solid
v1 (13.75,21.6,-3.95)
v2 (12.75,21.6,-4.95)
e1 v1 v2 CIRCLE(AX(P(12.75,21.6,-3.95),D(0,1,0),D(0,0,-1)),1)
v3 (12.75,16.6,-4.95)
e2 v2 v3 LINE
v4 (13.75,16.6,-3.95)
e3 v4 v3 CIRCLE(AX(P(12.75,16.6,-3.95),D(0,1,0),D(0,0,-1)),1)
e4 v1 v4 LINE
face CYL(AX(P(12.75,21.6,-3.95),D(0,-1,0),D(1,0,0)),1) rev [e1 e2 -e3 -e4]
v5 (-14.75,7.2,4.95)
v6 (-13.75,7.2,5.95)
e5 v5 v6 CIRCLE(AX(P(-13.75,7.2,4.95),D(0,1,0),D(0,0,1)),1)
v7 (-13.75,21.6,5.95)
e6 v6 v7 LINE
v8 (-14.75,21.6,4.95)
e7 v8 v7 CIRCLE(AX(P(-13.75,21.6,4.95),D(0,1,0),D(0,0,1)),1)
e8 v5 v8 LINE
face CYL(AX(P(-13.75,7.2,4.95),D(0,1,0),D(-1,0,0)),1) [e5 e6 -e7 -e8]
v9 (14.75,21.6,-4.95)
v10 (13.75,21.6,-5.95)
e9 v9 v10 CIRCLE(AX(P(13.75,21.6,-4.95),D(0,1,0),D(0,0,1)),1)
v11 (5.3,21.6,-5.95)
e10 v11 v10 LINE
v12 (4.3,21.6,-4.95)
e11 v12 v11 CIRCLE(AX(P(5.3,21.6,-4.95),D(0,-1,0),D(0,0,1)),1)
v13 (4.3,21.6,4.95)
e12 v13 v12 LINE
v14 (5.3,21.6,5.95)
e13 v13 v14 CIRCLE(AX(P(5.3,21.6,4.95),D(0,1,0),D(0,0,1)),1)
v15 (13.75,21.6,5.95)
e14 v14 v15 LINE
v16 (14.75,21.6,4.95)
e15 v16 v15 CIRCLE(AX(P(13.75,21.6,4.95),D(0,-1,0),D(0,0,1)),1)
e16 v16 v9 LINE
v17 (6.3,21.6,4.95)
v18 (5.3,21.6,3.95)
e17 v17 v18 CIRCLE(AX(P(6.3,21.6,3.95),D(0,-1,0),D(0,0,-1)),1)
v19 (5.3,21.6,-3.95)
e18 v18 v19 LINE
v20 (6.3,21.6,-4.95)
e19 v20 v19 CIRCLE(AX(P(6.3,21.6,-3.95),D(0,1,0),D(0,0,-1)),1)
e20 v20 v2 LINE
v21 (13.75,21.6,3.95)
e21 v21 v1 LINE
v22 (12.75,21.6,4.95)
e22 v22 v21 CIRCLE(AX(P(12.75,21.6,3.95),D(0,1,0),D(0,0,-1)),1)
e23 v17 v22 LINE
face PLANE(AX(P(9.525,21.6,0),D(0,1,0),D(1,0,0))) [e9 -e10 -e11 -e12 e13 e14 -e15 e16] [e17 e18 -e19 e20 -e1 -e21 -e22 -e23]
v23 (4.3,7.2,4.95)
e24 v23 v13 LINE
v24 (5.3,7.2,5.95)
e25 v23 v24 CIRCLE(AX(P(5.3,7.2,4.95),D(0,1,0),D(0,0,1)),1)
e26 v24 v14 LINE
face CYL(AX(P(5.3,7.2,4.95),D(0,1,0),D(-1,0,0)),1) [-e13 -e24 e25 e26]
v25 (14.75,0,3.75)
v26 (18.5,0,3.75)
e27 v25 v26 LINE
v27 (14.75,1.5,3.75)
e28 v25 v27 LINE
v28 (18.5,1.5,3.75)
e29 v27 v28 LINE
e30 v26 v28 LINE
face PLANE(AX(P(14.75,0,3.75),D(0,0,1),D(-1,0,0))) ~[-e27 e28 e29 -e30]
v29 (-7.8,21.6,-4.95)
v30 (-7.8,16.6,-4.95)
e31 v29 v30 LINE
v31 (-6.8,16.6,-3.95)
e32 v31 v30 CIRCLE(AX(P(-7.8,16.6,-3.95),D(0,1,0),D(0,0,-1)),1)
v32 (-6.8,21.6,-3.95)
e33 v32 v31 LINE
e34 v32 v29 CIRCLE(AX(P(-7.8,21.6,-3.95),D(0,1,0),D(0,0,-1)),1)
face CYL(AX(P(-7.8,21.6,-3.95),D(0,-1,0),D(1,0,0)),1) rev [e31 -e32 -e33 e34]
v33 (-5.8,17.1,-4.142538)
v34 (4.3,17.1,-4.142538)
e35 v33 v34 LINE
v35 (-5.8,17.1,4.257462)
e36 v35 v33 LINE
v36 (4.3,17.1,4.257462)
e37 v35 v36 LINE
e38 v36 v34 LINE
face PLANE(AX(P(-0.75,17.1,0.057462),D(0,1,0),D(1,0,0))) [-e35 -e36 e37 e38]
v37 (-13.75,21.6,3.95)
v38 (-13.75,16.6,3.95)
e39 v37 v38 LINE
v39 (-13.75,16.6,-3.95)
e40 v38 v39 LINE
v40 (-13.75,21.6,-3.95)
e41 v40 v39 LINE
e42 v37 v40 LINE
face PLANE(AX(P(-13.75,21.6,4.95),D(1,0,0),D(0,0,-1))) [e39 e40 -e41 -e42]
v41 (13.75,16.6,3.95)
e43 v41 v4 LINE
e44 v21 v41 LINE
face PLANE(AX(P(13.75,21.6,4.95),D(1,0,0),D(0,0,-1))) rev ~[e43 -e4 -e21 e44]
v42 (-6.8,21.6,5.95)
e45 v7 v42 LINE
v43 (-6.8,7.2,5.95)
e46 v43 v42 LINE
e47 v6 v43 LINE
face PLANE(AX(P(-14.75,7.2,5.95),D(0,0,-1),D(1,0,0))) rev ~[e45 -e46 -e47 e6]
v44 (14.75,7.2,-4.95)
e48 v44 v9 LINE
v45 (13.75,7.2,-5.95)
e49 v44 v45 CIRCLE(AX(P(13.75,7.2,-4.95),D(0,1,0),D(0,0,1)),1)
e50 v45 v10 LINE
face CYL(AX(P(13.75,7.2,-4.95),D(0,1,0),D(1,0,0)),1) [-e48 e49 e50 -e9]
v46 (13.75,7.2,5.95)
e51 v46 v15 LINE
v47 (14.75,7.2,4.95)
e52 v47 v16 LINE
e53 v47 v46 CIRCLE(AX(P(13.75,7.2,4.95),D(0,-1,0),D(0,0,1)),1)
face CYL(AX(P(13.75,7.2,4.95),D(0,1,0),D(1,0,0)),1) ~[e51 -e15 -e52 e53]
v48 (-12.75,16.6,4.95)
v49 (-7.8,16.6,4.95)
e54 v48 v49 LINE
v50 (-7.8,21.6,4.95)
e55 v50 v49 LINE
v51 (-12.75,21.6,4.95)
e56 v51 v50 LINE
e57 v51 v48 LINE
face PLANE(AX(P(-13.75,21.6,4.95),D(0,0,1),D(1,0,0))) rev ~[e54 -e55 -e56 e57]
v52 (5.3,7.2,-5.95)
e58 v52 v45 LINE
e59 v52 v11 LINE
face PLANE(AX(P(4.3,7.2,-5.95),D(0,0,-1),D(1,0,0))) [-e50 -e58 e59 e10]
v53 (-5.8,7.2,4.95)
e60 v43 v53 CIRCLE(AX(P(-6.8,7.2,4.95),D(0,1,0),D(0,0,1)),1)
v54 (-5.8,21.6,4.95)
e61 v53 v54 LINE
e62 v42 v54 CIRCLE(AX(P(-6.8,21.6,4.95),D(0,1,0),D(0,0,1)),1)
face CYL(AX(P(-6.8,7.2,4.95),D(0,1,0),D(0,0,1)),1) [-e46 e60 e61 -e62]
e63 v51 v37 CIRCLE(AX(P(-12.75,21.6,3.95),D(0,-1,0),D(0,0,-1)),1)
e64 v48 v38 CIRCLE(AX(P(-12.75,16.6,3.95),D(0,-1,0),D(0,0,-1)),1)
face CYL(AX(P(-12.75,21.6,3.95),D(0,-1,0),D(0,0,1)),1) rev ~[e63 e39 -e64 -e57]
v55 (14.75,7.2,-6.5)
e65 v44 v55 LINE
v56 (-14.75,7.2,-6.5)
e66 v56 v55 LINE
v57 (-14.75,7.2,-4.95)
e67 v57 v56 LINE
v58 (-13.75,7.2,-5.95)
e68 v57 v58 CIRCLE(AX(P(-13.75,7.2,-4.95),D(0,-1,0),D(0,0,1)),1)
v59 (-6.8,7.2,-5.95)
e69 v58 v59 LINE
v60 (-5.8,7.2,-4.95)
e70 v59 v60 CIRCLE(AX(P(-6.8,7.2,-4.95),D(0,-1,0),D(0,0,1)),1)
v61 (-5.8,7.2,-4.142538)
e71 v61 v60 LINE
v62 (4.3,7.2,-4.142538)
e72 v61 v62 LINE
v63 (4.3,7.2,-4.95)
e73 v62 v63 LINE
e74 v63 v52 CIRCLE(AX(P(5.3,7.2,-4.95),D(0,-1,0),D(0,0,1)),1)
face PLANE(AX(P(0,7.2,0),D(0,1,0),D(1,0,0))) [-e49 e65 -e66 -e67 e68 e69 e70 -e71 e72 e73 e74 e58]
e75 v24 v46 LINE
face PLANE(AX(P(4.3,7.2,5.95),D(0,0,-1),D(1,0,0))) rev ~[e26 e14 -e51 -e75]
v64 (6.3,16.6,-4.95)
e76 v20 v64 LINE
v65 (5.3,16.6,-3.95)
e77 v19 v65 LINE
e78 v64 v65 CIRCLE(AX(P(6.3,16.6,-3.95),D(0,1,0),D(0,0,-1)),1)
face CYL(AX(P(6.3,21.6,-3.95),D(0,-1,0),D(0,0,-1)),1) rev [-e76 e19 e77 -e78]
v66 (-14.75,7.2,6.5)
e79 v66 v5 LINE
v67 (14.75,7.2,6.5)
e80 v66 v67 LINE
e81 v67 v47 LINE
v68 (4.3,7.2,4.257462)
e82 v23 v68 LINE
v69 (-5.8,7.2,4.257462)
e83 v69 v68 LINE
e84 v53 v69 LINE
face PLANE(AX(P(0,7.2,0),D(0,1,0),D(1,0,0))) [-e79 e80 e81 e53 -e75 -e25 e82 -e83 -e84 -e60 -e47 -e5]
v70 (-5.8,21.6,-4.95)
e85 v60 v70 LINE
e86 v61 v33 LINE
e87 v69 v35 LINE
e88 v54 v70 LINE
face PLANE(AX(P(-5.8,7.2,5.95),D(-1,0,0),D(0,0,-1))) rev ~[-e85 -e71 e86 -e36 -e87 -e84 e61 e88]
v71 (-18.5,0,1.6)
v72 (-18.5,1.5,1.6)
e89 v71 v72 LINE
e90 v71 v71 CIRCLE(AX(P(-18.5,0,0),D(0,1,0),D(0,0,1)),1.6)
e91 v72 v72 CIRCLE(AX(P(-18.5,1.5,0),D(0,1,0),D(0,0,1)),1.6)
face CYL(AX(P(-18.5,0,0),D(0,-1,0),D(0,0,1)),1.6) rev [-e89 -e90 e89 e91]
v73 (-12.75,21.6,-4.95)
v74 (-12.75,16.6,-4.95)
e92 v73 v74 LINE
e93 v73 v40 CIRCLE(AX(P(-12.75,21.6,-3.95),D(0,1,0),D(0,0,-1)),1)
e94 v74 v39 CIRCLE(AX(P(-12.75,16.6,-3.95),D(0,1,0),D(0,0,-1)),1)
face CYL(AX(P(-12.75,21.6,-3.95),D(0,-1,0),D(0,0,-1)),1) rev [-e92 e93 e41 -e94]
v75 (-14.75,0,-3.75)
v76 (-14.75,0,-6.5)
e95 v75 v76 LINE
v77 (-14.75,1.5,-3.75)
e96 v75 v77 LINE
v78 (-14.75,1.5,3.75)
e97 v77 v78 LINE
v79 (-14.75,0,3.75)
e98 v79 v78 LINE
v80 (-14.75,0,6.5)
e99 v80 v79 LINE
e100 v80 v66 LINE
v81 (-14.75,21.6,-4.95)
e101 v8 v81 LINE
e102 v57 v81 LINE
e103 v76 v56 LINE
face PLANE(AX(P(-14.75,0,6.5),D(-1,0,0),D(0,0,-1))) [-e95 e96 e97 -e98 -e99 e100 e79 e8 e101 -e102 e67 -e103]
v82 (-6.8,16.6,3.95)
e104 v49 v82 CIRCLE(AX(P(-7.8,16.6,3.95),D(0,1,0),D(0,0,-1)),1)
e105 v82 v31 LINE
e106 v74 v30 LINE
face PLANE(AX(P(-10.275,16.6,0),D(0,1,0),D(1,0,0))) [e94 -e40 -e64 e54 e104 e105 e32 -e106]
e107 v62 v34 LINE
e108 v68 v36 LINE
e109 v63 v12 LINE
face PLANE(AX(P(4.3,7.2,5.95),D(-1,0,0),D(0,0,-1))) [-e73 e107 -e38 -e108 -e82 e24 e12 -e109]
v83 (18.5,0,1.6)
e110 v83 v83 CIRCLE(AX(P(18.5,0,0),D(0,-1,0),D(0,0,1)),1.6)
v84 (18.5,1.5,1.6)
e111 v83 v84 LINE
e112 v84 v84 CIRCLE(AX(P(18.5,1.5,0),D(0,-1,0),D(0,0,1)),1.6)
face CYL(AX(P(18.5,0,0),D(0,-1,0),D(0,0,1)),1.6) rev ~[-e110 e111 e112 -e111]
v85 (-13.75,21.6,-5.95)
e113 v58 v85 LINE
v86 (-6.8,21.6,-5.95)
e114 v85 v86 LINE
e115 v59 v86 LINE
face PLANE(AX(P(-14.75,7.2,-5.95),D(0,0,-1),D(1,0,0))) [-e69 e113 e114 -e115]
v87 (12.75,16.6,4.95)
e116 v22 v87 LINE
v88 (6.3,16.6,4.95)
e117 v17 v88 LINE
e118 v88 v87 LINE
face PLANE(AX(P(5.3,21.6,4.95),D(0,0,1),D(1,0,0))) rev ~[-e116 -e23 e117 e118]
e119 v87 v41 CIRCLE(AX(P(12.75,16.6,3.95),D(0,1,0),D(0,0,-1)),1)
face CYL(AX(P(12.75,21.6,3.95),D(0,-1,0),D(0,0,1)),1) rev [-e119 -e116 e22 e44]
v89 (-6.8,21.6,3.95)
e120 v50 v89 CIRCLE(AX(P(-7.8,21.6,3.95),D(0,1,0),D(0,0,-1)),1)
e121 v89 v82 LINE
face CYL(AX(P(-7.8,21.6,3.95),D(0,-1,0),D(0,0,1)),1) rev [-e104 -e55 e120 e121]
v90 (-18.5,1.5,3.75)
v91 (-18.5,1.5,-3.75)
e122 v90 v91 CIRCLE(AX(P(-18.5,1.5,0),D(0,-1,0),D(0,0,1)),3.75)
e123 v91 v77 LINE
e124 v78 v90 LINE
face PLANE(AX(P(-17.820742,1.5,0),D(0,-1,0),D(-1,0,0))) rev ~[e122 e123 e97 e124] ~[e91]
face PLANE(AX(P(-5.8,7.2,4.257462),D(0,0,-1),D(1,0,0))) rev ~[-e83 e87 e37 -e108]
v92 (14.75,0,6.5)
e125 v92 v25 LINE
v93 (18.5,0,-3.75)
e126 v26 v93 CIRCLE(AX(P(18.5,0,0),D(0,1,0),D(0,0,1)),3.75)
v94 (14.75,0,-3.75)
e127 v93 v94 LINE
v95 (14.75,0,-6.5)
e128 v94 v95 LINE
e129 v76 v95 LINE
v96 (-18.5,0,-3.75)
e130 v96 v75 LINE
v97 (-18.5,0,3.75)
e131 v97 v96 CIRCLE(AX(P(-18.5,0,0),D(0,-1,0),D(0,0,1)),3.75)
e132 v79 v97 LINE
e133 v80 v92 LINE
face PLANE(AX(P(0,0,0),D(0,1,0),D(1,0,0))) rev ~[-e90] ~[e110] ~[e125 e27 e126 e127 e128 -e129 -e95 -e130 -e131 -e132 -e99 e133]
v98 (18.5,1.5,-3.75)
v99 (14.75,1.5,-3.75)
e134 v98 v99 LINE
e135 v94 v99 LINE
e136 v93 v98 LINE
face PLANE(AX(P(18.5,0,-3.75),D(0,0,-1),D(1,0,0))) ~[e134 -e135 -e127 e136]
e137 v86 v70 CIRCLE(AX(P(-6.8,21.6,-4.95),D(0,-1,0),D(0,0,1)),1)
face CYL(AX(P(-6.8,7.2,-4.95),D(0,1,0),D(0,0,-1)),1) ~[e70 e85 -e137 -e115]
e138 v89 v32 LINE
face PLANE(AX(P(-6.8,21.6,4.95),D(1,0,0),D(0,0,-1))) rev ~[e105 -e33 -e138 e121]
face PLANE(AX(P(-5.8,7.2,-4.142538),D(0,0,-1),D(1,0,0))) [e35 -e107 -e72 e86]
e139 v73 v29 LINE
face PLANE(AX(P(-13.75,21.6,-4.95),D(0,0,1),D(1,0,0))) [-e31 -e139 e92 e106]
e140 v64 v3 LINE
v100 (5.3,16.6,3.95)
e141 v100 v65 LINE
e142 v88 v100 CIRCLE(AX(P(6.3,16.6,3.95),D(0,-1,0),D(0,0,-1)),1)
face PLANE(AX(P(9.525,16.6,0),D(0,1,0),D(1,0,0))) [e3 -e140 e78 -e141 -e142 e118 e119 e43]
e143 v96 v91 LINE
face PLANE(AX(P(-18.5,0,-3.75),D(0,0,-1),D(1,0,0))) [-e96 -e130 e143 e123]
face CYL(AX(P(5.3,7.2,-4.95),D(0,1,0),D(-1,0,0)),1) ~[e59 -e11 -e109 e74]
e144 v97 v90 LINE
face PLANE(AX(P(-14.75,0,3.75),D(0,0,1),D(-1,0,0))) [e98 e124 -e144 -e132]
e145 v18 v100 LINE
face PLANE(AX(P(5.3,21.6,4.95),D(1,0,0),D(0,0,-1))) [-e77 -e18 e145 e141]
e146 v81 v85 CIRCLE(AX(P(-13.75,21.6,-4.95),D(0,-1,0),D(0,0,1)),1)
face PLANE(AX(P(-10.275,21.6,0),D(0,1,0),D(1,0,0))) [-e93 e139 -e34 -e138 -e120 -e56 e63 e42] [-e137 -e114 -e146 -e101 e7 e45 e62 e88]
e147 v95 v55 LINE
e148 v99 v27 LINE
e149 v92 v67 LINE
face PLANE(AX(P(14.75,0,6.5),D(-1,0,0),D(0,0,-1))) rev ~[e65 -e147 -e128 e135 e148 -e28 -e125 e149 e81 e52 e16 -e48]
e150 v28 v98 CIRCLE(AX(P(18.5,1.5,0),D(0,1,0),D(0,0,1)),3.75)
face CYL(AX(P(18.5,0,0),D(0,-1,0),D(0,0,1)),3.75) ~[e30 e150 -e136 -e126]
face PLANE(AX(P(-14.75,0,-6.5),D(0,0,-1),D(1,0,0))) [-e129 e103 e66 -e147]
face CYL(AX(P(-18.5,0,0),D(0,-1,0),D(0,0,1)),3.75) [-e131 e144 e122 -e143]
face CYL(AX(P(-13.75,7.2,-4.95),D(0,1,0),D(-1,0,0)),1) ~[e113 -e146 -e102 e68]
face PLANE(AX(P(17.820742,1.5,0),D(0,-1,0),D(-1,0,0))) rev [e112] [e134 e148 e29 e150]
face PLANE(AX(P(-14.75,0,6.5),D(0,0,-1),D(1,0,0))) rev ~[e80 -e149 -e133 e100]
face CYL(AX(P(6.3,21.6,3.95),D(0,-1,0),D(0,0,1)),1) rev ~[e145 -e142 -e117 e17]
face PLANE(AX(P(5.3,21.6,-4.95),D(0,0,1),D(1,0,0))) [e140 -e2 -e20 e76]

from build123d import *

# Parameters (mm, degrees)
SKETCH3_W           = 29.5
SKETCH3_H           = 13
BOSS_EXTRUDE2_DEPTH = 7.2
SKETCH5_R           = 1.6
BOSS_EXTRUDE3_DEPTH = 1.5
SKETCH9_W           = 8.95
SKETCH9_H           = 11.9
SKETCH9_W_2         = 10.45
BOSS_EXTRUDE4_DEPTH = 14.4
SKETCH10_W          = 10.1
SKETCH10_H          = 8.4
BOSS_EXTRUDE5_DEPTH = 9.9
SKETCH11_W          = 6.95
SKETCH11_H          = 9.9
SKETCH11_W_2        = 8.45
CUT_EXTRUDE2_DEPTH  = 5
FILLET2_R           = 1


with BuildPart() as part:
    # Sketch3 → Boss-Extrude2 (new body)
    with BuildSketch(Plane(origin=(0, 0, 0), x_dir=(1, 0, 0), z_dir=(0, 1, 0))):
        Rectangle(SKETCH3_W, SKETCH3_H)
    extrude(amount=BOSS_EXTRUDE2_DEPTH)

    # Sketch5 → Boss-Extrude3 (add)
    with BuildSketch(Plane(origin=(0, 0, 0), x_dir=(1, 0, 0), z_dir=(0, 1, 0))):
        with BuildLine():
            Line((-18.5, 3.75), (-14.75, 3.75))
            Line((-14.75, 3.75), (-14.75, -3.75))
            Line((-14.75, -3.75), (-18.5, -3.75))
            ThreePointArc((-18.5, -3.75), (-22.25, 0), (-18.5, 3.75))
        make_face()
        with Locations(Location((-18.5, 0, 0), (0, 0, 270))):
            Circle(SKETCH5_R, mode=Mode.SUBTRACT)
    boss_extrude3 = extrude(amount=BOSS_EXTRUDE3_DEPTH)

    # Mirror1: Boss-Extrude3 across plane
    add(boss_extrude3.mirror(Plane(origin=(0, 0, 0), x_dir=(0, 0, 1), z_dir=(1, 0, 0))))

    # Sketch9 → Boss-Extrude4 (add)
    with BuildSketch(Plane(origin=(0, 7.2, 0), x_dir=(1, 0, 0), z_dir=(0, 1, 0))):
        with Locations((-10.275, 0)):
            Rectangle(SKETCH9_W, SKETCH9_H)
        with Locations((9.525, 0)):
            Rectangle(SKETCH9_W_2, SKETCH9_H)
    extrude(amount=BOSS_EXTRUDE4_DEPTH)

    # Sketch10 → Boss-Extrude5 (add)
    with BuildSketch(Plane(origin=(0, 7.2, 0), x_dir=(1, 0, 0), z_dir=(0, 1, 0))):
        with Locations((-0.75, -0.057461808)):
            Rectangle(SKETCH10_W, SKETCH10_H)
    extrude(amount=BOSS_EXTRUDE5_DEPTH)

    # Sketch11 → Cut-Extrude2 (cut)
    with BuildSketch(Plane(origin=(0, 21.6, 0), x_dir=(1, 0, 0), z_dir=(0, 1, 0))):
        with Locations((-10.275, 0)):
            Rectangle(SKETCH11_W, SKETCH11_H)
        with Locations((9.525, 0)):
            Rectangle(SKETCH11_W_2, SKETCH11_H)
    extrude(amount=-CUT_EXTRUDE2_DEPTH, mode=Mode.SUBTRACT)

    # Fillet2
    fillet2_edges = [part.edges().sort_by_distance(p)[0] for p in [
        (-14.75, 14.4, -5.95),
        (-14.75, 14.4, 5.95),
        (-5.8, 14.4, 5.95),
        (-5.8, 14.4, -5.95),
        (14.75, 14.4, 5.95),
        (14.75, 14.4, -5.95),
        (4.3, 14.4, -5.95),
        (4.3, 14.4, 5.95),
        (-13.75, 19.1, 4.95),
        (-13.75, 19.1, -4.95),
        (-6.8, 19.1, -4.95),
        (-6.8, 19.1, 4.95),
        (5.3, 19.1, 4.95),
        (5.3, 19.1, -4.95),
        (13.75, 19.1, -4.95),
        (13.75, 19.1, 4.95),
    ]]
    fillet(fillet2_edges, radius=FILLET2_R)


solid = part.part
